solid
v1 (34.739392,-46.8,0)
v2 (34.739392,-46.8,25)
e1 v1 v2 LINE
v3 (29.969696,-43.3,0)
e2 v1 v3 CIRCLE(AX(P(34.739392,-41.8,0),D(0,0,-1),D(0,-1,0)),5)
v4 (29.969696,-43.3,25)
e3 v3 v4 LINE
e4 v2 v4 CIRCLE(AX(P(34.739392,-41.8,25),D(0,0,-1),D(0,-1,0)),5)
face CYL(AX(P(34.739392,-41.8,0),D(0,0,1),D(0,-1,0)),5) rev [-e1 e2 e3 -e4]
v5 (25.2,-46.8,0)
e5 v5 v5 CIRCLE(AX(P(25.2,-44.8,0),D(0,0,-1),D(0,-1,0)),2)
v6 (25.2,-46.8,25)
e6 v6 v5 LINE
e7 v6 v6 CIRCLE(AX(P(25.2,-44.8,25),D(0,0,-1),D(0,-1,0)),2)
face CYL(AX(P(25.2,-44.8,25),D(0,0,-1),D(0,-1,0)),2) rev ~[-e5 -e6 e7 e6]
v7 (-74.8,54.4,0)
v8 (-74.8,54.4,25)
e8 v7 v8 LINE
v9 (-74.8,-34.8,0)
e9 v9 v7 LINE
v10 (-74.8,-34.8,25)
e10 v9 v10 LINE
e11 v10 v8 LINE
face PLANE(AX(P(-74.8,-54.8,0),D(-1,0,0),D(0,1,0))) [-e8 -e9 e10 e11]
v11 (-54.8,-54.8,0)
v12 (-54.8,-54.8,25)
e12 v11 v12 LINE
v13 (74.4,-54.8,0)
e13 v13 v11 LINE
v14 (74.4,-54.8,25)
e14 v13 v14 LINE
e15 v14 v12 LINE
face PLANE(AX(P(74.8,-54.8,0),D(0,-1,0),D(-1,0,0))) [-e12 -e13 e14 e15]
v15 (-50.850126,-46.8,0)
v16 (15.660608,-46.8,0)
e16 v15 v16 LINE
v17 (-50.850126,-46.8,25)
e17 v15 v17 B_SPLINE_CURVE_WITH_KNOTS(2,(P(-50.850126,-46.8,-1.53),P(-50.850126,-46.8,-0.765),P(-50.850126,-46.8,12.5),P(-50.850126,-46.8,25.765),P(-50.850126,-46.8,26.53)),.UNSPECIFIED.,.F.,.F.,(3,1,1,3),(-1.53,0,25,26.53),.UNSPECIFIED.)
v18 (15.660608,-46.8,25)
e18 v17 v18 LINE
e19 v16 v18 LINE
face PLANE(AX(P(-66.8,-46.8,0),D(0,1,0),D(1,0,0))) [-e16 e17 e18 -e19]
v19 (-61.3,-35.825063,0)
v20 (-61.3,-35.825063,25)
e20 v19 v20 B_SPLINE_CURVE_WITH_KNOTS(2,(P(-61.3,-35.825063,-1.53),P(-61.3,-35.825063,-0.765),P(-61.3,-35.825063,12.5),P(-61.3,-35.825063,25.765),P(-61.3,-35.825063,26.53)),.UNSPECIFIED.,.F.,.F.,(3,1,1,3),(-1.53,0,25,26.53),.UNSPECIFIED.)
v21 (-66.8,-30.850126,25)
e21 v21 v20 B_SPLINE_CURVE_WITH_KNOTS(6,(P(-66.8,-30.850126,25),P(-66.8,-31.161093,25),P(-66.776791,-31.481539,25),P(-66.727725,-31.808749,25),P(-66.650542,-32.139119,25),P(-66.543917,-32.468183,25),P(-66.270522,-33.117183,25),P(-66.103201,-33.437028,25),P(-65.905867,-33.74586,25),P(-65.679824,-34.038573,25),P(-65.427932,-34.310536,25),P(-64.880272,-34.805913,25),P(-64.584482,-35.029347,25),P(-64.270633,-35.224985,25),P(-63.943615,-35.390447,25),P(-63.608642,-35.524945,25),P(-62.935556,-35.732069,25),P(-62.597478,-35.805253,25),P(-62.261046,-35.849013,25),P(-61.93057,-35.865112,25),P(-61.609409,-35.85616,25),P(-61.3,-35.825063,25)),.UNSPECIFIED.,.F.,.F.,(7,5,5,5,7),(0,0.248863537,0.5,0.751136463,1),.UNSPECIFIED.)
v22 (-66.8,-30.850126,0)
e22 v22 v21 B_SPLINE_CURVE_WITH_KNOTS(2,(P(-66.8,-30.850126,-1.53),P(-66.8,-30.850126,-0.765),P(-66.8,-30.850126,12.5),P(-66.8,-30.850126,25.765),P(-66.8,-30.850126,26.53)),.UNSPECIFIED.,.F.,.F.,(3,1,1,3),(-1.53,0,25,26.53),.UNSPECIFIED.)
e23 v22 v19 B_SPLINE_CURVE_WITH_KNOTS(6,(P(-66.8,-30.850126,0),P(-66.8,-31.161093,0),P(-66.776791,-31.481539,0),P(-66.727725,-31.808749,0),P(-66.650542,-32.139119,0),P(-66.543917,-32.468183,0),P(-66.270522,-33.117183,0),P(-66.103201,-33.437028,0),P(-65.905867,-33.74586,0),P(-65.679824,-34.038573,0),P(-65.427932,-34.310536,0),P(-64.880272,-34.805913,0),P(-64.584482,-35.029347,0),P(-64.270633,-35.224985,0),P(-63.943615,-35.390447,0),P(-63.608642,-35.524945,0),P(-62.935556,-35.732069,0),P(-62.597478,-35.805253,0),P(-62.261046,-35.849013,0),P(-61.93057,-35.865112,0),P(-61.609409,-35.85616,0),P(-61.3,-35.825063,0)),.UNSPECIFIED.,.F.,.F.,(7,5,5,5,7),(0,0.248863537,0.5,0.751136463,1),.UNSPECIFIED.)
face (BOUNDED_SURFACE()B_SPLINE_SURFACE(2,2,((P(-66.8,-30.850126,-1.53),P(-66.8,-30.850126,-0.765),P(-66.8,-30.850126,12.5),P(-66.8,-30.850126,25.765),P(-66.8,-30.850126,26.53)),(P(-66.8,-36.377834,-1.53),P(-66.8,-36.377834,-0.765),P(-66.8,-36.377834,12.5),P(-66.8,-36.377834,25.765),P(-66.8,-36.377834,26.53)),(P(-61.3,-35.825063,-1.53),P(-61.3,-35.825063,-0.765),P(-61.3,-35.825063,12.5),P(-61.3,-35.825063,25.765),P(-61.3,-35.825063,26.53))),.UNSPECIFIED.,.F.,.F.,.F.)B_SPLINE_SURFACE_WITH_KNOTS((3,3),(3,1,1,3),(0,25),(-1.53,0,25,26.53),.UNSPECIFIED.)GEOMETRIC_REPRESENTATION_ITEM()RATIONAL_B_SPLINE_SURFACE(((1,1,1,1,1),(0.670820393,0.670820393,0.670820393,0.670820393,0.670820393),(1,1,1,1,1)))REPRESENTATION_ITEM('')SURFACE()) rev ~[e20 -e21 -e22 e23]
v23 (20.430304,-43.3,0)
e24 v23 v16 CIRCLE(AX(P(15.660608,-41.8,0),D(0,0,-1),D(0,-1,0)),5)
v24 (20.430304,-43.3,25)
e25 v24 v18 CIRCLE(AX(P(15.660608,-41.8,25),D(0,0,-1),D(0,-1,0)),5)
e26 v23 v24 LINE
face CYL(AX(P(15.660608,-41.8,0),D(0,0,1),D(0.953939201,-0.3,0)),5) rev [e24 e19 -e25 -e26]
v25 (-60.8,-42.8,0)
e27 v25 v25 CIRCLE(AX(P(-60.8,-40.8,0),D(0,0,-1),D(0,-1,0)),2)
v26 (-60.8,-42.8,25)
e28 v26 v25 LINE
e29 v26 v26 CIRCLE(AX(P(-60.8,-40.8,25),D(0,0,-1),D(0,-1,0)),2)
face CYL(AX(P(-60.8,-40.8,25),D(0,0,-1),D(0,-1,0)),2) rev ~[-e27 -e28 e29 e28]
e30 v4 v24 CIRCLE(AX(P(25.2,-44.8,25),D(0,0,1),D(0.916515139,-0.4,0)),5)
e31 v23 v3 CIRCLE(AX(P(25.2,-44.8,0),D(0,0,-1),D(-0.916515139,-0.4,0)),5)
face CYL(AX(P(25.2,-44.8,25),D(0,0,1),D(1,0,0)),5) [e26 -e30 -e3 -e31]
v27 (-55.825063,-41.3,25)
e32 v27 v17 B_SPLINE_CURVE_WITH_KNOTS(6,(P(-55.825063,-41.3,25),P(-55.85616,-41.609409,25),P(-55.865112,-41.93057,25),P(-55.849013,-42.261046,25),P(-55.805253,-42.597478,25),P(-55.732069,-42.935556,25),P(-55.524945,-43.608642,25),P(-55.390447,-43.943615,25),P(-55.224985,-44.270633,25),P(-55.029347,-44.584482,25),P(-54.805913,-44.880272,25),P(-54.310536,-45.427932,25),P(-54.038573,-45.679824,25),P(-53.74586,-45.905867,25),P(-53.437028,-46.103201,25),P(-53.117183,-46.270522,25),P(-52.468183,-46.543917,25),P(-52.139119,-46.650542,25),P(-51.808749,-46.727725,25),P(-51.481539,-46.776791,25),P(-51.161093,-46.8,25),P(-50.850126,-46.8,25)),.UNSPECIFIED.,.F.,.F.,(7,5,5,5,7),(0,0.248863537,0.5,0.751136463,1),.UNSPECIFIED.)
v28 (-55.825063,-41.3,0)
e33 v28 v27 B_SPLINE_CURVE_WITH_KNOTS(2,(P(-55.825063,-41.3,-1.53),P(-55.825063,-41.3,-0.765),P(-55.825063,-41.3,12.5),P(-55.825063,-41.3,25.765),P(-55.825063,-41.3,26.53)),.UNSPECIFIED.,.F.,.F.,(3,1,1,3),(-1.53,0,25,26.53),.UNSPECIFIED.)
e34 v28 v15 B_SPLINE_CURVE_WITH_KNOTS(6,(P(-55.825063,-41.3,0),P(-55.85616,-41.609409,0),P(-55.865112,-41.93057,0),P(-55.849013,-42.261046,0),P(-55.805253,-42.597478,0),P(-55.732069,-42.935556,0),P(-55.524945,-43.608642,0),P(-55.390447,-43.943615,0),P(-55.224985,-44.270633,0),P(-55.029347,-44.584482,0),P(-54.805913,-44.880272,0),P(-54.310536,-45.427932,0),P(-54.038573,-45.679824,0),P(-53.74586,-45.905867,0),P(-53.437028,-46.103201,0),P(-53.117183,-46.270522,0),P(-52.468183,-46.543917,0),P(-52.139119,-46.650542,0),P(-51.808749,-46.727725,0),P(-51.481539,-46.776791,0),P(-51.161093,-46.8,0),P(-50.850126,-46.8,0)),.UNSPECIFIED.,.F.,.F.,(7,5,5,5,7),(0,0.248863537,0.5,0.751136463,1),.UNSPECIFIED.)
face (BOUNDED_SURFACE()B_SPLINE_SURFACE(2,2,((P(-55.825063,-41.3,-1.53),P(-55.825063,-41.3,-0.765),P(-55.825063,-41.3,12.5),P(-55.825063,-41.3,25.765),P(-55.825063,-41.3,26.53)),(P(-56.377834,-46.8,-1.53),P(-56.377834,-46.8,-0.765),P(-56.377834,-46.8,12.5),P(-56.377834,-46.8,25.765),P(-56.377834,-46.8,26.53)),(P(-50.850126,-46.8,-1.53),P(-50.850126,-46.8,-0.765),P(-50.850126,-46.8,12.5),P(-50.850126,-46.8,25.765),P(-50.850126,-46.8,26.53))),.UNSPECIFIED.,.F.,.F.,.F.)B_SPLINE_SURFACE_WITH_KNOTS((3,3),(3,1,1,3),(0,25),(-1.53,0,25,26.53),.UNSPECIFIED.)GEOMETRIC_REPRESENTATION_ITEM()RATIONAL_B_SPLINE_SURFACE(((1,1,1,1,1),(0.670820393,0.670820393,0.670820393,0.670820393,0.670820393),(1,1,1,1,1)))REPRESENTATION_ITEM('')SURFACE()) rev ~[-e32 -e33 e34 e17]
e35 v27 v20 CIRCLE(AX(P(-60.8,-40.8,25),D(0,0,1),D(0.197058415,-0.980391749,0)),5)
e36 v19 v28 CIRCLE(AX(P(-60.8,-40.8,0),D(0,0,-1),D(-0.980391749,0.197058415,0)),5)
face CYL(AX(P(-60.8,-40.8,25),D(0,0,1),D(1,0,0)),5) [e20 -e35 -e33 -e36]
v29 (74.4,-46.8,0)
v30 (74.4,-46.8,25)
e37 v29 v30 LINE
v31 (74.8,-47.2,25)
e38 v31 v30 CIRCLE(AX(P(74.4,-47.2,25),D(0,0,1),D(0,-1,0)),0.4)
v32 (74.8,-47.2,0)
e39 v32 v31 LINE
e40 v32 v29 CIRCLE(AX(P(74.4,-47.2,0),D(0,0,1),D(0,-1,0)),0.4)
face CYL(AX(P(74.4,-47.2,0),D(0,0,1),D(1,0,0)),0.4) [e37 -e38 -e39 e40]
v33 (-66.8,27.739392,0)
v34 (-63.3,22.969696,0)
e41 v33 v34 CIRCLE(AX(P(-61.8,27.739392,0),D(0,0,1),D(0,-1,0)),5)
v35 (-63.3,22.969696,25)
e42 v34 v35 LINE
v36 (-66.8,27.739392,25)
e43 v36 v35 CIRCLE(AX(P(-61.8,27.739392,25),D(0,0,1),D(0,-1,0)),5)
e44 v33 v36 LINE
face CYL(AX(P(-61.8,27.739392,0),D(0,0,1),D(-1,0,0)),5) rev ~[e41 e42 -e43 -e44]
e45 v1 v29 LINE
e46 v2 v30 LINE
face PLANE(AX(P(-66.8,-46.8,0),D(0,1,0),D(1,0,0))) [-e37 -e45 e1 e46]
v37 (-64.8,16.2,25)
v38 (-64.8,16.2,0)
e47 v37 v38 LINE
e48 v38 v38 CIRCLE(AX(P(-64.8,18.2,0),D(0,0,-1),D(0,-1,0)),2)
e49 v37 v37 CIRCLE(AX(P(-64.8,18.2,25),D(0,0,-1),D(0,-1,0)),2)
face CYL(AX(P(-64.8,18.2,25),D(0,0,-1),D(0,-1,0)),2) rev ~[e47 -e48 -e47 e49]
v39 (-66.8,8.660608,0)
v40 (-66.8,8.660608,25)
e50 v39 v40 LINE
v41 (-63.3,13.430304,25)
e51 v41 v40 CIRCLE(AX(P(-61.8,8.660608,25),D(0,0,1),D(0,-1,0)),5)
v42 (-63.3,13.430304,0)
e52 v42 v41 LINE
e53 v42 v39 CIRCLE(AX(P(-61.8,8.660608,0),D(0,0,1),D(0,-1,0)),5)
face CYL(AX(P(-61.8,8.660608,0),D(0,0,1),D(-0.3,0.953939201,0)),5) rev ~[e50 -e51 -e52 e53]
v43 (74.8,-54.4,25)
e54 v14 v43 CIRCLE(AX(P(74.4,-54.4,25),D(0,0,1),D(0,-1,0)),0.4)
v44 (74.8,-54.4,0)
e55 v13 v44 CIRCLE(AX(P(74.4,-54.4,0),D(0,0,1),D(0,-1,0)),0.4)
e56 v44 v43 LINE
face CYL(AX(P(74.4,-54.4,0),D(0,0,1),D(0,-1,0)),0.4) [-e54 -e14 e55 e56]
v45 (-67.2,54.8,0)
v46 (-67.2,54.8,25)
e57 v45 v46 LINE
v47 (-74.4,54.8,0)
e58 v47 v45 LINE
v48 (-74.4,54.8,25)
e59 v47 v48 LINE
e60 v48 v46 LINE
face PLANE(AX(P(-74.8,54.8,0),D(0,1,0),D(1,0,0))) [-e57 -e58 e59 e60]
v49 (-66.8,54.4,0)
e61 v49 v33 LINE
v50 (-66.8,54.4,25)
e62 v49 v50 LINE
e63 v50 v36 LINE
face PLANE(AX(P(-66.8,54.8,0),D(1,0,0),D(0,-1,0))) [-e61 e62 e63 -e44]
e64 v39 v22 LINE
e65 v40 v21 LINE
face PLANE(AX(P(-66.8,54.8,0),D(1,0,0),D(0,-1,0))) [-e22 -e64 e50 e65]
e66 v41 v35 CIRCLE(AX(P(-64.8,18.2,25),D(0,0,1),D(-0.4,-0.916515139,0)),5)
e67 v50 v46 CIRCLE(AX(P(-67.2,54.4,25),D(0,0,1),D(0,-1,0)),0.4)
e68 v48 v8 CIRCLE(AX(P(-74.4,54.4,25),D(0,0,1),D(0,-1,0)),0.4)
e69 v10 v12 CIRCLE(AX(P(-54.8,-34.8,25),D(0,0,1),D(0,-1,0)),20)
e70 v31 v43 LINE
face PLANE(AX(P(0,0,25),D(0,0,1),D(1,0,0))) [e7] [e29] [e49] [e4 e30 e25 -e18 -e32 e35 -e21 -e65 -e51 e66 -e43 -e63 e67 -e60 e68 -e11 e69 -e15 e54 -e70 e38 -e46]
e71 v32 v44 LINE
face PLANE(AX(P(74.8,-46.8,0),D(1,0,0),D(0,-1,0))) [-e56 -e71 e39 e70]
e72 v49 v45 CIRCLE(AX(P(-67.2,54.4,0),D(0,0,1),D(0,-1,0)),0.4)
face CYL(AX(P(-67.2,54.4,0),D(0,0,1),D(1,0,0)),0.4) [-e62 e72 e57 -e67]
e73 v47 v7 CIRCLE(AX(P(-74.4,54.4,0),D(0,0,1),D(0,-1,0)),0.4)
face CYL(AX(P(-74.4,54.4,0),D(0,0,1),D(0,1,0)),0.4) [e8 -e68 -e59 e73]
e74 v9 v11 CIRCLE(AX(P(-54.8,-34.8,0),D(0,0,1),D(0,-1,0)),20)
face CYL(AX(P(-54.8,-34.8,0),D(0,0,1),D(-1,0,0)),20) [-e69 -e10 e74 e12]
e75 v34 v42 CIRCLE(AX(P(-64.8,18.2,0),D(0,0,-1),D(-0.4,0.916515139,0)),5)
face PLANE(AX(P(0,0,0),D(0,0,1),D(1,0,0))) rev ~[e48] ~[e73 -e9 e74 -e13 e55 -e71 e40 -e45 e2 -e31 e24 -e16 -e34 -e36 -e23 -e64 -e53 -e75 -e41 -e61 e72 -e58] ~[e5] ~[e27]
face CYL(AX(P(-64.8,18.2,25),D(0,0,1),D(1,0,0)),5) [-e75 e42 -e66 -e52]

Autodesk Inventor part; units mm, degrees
ref_plane "YZ Plane" through (0, 0, 0) normal (1, 0, 0) x (0, 1, 0)
ref_plane "XZ Plane" through (0, 0, 0) normal (0, 1, 0) x (-1, 0, 0)
ref_plane "XY Plane" through (0, 0, 0) normal (0, 0, 1) x (1, 0, 0)
sketch "Sketch1" plane through (0, 0, 0) normal (0, 0, 1) x (1, 0, 0)
  line L0 (-74.8, 54.8) -> (74.8, 54.8)
  line L1 (74.8, 54.8) -> (74.8, -54.8)
  line L2 (74.8, -54.8) -> (-74.8, -54.8)
  line L3 (-74.8, -54.8) -> (-74.8, 54.8)
  line L4 (-74.8, 54.8) -> (74.8, -54.8) construction
  line L5 (74.8, 54.8) -> (-74.8, -54.8) construction
  line L6 (-66.8, 54.8) -> (-66.8, -46.8)
  line L7 (-66.8, -46.8) -> (74.8, -46.8)
  point P0 (0, 0)
  dimension "d0" = 149.6
  dimension "d1" = 109.6
  dimension "d2" = 8
  dimension "d3" = 8
extrude "Extrusion1" add sketch "Sketch1" along normal blind 25 contours L0 L6 L7 L1 L2 L3
fillet "Fillet1" radius 12 1 edges at (-66.8, -46.8, 12.5)
fillet "Fillet2" radius 20 1 edges at (-74.8, -54.8, 12.5)
sketch "Sketch2" plane through (0, 0, 25) normal (0, 0, 1) x (1, 0, 0)
  circle A0 centre (25.2, -44.8) radius 5
  circle A1 centre (-60.8, -40.8) radius 5
  circle A2 centre (-64.8, 18.2) radius 5
  line L0 (-54.8, -54.8) -> (74.8, -54.8) projected
  line L1 (-74.8, 54.8) -> (-74.8, -34.8) projected
  point P0 (0, 0)
  dimension "d8" = 10
  dimension "d9" = 10
  dimension "d10" = 14
  dimension "d11" = 14
  dimension "d12" = 73
  dimension "d13" = 100
  dimension "d14" = 10
extrude "Extrusion2" add sketch "Sketch2" against normal up to surface (25 mm away)
sketch "Sketch3" plane through (0, 0, 25) normal (0, 0, 1) x (1, 0, 0)
  arc A0 (-66.8, 13.6174) -> (-66.8, 22.7826) centre (-64.8, 18.2) ccw projected
  arc A1 (-59.8147, -45.702) -> (-65.702, -39.8147) centre (-60.8, -40.8) ccw projected
  arc A2 (29.7826, -46.8) -> (20.6174, -46.8) centre (25.2, -44.8) ccw projected
  point P0 (0, 0)
hole "Hole1" at (-64.8, 18.2, 25) at (-60.8, -40.8, 25) at (25.2, -44.8, 25) direction (0, 0, -1) diameter 4 end through all
fillet "Fillet3" radius 5 6 edges at (29.7826, -46.8, 12.5) (20.6174, -46.8, 12.5) (-65.702, -39.8147, 12.5) (-59.8147, -45.702, 12.5) (-66.8, 22.7826, 12.5) (-66.8, 13.6174, 12.5)
fillet "Fillet4" radius 0.4 4 edges at (-74.8, 54.8, 12.5) (-66.8, 54.8, 12.5) (74.8, -54.8, 12.5) (74.8, -46.8, 12.5)
equation "\"d3\" = d2"
equation "\"d9\" = d8"
equation "\"d11\" = d10"
properties part number "Corner"
